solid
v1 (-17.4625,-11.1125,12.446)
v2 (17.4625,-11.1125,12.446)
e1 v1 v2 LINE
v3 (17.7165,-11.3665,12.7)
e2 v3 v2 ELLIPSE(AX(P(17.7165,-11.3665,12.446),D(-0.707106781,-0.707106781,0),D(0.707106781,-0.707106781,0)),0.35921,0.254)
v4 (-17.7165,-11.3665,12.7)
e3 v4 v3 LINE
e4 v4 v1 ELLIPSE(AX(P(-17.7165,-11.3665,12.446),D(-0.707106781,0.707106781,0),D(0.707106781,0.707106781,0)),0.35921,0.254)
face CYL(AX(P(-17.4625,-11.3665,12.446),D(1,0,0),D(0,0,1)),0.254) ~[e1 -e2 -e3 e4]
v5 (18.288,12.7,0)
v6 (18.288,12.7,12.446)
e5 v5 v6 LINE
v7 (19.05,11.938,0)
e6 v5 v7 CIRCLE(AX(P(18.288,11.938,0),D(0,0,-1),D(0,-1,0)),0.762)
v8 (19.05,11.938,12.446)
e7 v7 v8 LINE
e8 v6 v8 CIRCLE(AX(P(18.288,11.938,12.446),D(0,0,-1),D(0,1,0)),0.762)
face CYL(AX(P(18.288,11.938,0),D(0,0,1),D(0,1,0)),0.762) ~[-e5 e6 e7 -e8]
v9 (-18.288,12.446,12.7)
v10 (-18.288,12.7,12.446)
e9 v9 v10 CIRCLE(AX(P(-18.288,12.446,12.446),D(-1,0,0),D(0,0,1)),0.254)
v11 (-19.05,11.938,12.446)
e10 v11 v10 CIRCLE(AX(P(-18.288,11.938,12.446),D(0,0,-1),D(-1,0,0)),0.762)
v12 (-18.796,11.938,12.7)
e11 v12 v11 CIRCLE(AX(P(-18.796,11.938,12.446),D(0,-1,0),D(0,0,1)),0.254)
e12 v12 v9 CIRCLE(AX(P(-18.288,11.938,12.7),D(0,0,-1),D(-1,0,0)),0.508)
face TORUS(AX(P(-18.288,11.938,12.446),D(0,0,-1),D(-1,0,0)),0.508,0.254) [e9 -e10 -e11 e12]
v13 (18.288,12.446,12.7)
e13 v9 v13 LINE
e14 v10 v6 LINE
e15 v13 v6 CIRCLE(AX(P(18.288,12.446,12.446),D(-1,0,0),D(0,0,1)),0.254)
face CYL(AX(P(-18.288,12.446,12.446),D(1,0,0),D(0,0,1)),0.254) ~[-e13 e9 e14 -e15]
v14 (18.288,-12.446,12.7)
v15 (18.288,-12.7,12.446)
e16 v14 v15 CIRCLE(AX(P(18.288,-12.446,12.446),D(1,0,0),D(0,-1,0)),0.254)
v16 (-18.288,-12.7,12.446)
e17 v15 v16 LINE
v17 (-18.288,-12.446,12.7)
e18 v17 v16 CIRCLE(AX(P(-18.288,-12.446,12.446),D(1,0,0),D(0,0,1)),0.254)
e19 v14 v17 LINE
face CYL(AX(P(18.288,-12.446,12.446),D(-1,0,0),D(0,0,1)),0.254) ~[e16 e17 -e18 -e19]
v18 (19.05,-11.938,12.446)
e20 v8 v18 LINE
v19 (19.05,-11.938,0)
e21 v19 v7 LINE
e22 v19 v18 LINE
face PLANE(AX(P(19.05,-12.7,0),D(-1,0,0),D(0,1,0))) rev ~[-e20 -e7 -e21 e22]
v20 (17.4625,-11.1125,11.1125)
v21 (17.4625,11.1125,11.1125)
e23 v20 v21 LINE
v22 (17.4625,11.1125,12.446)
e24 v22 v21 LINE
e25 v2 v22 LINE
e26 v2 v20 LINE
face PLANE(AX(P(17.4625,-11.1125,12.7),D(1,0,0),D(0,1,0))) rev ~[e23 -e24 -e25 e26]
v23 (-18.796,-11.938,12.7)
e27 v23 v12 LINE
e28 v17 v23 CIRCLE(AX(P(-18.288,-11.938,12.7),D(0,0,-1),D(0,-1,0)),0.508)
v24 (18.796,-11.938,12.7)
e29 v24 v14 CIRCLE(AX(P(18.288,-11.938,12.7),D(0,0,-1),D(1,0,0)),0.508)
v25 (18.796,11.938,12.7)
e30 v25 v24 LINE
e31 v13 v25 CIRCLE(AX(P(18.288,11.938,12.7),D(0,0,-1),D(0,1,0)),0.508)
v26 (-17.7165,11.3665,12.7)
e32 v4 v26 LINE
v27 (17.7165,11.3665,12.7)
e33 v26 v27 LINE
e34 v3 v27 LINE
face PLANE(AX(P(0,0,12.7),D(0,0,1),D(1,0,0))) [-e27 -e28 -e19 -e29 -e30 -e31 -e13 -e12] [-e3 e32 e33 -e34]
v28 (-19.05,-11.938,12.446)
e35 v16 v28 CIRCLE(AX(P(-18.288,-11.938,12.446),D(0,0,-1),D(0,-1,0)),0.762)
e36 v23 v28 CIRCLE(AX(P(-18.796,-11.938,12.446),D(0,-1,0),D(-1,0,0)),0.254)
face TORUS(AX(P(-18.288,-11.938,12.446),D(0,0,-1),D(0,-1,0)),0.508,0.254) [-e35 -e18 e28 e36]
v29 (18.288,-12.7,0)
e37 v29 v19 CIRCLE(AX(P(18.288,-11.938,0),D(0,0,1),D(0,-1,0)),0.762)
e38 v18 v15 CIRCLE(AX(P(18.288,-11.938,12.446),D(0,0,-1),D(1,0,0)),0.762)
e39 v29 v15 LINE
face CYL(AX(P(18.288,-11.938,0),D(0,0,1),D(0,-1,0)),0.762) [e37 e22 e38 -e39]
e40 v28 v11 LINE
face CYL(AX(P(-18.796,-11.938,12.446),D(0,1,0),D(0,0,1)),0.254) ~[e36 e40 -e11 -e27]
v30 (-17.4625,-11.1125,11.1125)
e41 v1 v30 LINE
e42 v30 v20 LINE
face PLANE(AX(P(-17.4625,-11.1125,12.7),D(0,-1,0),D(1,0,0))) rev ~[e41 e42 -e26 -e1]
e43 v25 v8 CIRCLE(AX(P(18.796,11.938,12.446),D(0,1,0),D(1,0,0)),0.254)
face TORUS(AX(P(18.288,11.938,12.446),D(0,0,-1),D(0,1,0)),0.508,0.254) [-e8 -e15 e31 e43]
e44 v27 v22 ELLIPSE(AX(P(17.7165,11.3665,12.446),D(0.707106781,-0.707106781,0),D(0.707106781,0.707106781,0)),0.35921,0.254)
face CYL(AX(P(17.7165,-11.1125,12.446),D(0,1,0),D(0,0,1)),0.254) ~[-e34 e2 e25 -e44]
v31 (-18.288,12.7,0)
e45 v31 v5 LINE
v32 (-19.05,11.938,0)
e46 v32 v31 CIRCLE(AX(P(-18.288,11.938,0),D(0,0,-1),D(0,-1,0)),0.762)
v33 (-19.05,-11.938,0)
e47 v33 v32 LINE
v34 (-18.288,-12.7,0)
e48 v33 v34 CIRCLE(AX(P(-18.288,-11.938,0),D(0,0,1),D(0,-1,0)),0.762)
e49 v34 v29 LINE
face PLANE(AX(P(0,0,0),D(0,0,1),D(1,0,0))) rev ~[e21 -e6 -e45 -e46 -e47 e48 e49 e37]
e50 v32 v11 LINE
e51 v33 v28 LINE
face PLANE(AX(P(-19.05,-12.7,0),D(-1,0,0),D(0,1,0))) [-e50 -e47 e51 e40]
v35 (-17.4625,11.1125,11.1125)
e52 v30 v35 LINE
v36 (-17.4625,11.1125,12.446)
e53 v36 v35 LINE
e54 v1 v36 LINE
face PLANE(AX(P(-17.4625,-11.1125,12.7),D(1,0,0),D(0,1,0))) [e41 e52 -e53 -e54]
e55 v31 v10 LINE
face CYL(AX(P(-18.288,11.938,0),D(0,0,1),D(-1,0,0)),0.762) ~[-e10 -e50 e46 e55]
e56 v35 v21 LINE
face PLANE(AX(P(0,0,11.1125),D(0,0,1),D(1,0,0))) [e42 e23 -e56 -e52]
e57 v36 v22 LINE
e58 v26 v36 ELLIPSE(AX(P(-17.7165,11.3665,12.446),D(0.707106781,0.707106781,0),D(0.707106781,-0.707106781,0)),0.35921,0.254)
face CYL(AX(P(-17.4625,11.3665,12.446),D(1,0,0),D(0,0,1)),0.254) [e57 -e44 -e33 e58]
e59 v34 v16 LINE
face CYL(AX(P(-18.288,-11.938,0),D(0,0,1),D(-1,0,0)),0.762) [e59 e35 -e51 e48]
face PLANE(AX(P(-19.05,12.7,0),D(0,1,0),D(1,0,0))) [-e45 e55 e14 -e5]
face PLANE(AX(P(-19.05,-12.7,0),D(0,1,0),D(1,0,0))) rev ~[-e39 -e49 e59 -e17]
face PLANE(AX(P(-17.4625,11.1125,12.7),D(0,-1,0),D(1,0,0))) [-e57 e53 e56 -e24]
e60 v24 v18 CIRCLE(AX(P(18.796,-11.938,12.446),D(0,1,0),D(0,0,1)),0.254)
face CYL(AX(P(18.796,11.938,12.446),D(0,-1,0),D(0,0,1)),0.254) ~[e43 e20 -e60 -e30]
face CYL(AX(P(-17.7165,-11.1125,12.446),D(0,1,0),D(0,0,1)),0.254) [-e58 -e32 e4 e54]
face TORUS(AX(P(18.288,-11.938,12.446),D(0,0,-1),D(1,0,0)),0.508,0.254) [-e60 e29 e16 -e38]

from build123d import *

# Parameters (mm, degrees)
F0_W     = 38.1
F0_H     = 25.4
F1_DEPTH = 12.7
F2_W     = 34.925
F2_H     = 22.225
F3_DEPTH = 1.5875
F4_R     = 0.762
F5_R     = 0.254


with BuildPart() as f1:
    # F0 (on Top) → F1 (new body)
    with BuildSketch(Plane.XY):
        Rectangle(F0_W, F0_H)
    extrude(amount=F1_DEPTH)

    # F2 (on face) → F3 (cut)
    with BuildSketch(Plane.XY.offset(12.7)):
        Rectangle(F2_W, F2_H)
    extrude(amount=-F3_DEPTH, mode=Mode.SUBTRACT)

    # F4
    f4_edges = [f1.edges().sort_by_distance(p)[0] for p in [
        (-19.05, -12.7, 6.35),
        (-19.05, 12.7, 6.35),
        (19.05, 12.7, 6.35),
        (19.05, -12.7, 6.35),
    ]]
    fillet(f4_edges, radius=F4_R)

    # F5
    f5_edges = [f1.edges().sort_by_distance(p)[0] for p in [
        (0, 12.7, 12.7),
        (18.826815, 12.476815, 12.7),
        (-18.826815, 12.476815, 12.7),
        (19.05, 0, 12.7),
        (-19.05, 0, 12.7),
        (18.826815, -12.476815, 12.7),
        (-18.826815, -12.476815, 12.7),
        (0, -12.7, 12.7),
        (0, 11.1125, 12.7),
        (-17.4625, 0, 12.7),
        (0, -11.1125, 12.7),
        (17.4625, 0, 12.7),
    ]]
    fillet(f5_edges, radius=F5_R)


solid = f1.part
